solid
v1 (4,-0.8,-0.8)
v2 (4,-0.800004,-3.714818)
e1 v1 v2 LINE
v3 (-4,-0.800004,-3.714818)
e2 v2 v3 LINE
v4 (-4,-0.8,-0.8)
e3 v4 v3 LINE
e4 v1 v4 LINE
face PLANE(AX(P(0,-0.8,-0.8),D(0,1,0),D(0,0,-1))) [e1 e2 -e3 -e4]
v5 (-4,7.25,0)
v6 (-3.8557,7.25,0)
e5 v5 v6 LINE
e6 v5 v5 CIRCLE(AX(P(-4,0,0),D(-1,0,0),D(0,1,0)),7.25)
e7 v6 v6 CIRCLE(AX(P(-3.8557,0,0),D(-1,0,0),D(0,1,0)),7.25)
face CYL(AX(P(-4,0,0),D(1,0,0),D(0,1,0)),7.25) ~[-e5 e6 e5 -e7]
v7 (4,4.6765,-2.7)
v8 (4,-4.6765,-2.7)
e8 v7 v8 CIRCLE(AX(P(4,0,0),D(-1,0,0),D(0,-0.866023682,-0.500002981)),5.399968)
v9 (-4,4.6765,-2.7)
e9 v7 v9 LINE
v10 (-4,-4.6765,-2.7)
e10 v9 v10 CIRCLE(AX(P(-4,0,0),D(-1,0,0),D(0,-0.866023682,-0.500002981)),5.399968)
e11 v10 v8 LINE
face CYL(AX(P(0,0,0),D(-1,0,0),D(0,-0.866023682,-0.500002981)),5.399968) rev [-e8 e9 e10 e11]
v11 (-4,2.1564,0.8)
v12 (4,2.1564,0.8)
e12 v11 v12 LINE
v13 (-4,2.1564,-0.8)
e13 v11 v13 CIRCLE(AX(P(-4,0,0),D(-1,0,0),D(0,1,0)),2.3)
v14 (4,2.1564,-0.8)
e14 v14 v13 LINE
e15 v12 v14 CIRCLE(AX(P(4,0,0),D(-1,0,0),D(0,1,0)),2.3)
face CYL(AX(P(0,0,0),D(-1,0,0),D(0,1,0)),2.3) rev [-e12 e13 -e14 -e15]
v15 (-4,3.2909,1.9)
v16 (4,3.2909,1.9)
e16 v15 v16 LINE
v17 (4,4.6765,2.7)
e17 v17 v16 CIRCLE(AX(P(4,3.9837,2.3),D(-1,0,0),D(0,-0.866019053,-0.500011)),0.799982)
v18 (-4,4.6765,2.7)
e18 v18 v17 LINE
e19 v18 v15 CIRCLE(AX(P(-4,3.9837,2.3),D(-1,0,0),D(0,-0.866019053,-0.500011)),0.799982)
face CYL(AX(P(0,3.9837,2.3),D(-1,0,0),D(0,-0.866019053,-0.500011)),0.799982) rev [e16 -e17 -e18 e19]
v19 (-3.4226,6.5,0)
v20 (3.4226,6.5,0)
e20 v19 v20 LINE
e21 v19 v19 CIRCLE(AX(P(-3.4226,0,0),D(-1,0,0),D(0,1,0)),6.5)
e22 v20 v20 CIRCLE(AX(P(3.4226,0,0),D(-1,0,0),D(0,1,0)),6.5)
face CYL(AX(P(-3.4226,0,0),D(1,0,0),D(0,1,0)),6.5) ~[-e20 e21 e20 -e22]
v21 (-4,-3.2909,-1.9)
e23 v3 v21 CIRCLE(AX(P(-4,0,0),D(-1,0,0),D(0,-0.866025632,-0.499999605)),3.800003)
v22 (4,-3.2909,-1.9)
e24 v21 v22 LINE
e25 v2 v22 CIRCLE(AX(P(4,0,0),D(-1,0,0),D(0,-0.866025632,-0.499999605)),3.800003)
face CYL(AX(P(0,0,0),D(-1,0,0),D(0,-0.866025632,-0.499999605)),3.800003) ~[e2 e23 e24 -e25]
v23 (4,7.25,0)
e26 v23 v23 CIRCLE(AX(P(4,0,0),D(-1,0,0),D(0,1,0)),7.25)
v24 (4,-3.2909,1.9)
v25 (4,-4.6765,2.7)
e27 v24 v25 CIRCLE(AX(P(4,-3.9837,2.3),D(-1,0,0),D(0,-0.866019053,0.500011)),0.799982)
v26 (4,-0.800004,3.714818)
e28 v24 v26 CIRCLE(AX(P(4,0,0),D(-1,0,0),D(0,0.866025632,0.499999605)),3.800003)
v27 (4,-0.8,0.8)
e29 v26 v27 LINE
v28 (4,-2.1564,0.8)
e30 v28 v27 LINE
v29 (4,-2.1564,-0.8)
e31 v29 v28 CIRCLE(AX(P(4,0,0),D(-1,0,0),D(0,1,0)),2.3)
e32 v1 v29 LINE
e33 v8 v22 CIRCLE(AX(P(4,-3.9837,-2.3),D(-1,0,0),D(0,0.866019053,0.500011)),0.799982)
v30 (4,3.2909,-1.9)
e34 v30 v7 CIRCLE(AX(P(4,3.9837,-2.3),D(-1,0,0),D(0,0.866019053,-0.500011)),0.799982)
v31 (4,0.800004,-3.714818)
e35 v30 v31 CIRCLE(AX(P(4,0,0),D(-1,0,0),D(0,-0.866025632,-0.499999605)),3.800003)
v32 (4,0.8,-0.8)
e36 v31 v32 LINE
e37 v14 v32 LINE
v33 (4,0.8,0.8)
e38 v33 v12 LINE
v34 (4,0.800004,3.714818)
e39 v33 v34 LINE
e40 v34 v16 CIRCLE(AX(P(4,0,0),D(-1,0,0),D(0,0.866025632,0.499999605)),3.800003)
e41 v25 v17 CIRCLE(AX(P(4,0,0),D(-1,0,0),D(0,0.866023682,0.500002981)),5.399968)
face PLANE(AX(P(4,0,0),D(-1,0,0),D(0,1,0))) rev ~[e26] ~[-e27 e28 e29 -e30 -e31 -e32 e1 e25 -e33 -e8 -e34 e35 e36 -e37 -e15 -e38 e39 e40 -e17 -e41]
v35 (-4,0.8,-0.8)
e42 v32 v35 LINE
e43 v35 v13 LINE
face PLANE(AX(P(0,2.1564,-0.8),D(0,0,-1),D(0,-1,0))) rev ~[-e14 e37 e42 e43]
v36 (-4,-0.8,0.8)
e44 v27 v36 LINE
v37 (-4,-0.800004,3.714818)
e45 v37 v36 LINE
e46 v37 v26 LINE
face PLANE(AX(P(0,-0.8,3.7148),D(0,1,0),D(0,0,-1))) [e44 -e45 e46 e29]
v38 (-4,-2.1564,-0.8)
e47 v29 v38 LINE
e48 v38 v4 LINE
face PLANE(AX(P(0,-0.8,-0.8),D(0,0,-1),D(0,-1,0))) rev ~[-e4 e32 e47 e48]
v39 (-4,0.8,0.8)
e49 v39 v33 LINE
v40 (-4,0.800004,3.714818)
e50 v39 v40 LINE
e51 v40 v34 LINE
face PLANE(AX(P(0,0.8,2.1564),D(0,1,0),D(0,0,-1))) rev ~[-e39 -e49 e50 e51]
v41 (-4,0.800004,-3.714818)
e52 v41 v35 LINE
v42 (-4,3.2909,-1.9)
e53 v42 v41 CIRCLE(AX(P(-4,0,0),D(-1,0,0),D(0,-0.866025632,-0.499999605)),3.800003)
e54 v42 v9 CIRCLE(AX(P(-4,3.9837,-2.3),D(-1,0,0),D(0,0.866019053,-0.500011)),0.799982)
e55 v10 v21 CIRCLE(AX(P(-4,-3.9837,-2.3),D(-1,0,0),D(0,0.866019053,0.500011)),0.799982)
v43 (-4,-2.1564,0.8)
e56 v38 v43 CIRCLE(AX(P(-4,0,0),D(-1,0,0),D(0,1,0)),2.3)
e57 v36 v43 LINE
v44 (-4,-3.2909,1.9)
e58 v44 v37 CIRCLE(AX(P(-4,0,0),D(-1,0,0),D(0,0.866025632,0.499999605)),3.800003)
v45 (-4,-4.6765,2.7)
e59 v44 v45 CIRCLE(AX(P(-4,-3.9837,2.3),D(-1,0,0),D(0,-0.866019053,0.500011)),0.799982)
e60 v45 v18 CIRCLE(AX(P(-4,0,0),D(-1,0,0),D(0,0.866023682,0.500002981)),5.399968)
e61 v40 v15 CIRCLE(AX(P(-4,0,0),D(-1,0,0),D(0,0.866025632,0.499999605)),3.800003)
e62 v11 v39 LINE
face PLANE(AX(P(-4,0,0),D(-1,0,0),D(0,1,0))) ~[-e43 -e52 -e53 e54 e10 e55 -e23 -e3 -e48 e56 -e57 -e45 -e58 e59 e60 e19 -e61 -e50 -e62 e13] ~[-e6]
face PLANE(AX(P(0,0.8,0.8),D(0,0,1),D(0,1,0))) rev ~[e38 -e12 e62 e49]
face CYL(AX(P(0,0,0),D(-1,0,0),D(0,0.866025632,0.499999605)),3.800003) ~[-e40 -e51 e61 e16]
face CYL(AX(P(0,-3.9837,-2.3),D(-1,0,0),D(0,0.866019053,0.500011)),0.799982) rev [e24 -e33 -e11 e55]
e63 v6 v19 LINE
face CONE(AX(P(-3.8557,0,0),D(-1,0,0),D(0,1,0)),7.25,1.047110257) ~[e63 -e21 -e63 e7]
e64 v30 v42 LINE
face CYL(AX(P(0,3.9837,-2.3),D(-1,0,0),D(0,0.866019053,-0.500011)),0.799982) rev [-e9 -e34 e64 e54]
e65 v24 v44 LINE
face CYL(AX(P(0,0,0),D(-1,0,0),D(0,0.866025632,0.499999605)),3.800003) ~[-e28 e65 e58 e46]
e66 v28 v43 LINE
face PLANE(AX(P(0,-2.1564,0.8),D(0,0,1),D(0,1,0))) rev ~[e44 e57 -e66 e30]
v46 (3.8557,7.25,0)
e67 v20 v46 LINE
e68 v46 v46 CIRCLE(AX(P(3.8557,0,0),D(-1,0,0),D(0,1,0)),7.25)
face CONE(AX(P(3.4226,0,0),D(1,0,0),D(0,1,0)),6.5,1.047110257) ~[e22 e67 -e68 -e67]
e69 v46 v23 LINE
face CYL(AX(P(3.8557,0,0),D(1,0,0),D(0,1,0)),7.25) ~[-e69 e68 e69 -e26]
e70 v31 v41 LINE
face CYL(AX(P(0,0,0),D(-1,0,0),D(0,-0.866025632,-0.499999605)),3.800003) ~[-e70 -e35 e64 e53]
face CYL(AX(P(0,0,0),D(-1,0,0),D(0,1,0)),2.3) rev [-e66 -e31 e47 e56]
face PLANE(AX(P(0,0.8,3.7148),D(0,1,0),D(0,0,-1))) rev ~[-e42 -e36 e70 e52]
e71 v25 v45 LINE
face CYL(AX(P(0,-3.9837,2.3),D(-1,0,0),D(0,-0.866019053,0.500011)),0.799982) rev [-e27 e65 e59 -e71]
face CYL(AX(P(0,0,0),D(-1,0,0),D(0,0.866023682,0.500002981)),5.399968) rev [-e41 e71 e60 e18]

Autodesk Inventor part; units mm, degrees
ref_plane "YZ Plane" through (0, 0, 0) normal (1, 0, 0) x (0, 1, 0)
ref_plane "XZ Plane" through (0, 0, 0) normal (0, 1, 0) x (-1, 0, 0)
ref_plane "XY Plane" through (0, 0, 0) normal (0, 0, 1) x (1, 0, 0)
sketch "Sketch1" plane through (0, 0, 0) normal (0, 0, 1) x (1, 0, 0)
  line L0 (0, -1.5) -> (0, 9) construction
  line L1 (-4, 7.25) -> (-3.8557, 7.25)
  line L2 (-3.8557, 7.25) -> (-3.4226, 6.5)
  line L3 (-3.4226, 6.5) -> (3.4226, 6.5)
  line L4 (3.4226, 6.5) -> (3.8557, 7.25)
  line L5 (3.8557, 7.25) -> (4, 7.25)
  line L6 (4, 7.25) -> (4, 0)
  line L7 (4, 0) -> (-4, 0)
  line L8 (-4, 0) -> (-4, 7.25)
  point P0 (0, 0)
  point P1 (0, 6.5)
  point P2 (4, 7.5)
  dimension "d0" = 13
  dimension "d1" = 60
  dimension "d2" = 8
  dimension "d3" = 15
  dimension "d4" = 14.5
revolve "Revolution1" add sketch "Sketch1" angle 360 about axis through (4, 0, 0) along (-1, 0, 0)
sketch "Sketch2" plane through (0, 0, 0) normal (1, 0, 0) x (0, 1, 0)
  circle A0 centre (0, 0) radius 2.3
  line L0 (0.8, 2.1564) -> (0.8, 0.8)
  line L1 (0.8, -0.8) -> (0.8, -2.1564)
  line L2 (-2.1564, 0.8) -> (-0.8, 0.8)
  line L3 (0.8, 0.8) -> (2.1564, 0.8)
  line L4 (2.1564, -0.8) -> (0.8, -0.8)
  line L5 (-0.8, -0.8) -> (-2.1564, -0.8)
  line L6 (-0.8, 2.1564) -> (-0.8, 0.8)
  line L7 (-0.8, -0.8) -> (-0.8, -2.1564)
  dimension "d6" = 4.6
  dimension "d7" = 1.6
extrude "Extrusion1" cut sketch "Sketch2" along normal through all both and the other way through all contours A0 L4 L1 L7 L5 L2 L6 L0 L3
sketch "Sketch3" plane through (0, 0, 0) normal (1, 0, 0) x (0, 1, 0)
  circle A0 centre (0, 0) radius 2.3 construction
  arc A1 (3.2909, 1.9) -> (-3.2909, 1.9) centre (0, 0) ccw
  arc A2 (4.6765, 2.7) -> (-4.6765, 2.7) centre (0, 0) ccw
  arc A3 (-3.2909, -1.9) -> (3.2909, -1.9) centre (0, 0) ccw
  arc A4 (-4.6765, -2.7) -> (4.6765, -2.7) centre (0, 0) ccw
  arc A5 (3.2909, 1.9) -> (4.6765, 2.7) centre (3.9837, 2.3) ccw
  arc A6 (4.6765, -2.7) -> (3.2909, -1.9) centre (3.9837, -2.3) ccw
  arc A7 (-4.6765, 2.7) -> (-3.2909, 1.9) centre (-3.9837, 2.3) ccw
  arc A8 (-3.2909, -1.9) -> (-4.6765, -2.7) centre (-3.9837, -2.3) ccw
  line L0 (-3.9837, 2.3) -> (0, 0) construction
  line L1 (0, 0) -> (3.9837, 2.3) construction
  line L2 (3.9837, -2.3) -> (0, 0) construction
  line L3 (-3.9837, -2.3) -> (0, 0) construction
  line L4 (0, -6.16) -> (0, 6.16) construction
  line L5 (-5.8947, 0) -> (5.8947, 0) construction
  dimension "d10" = 1.6
  dimension "d11" = 120
  dimension "d12" = 120
  dimension "d15" = 3.8
extrude "Extrusion2" cut sketch "Sketch3" along normal through all both and the other way through all
sketch "Sketch4" plane through (0, 0, 0) normal (1, 0, 0) x (0, 1, 0)
  arc A0 (3.2909, 1.9) -> (-3.2909, 1.9) centre (0, 0) ccw projected
  arc A1 (-3.2909, -1.9) -> (3.2909, -1.9) centre (0, 0) ccw projected
  line L0 (0.8, -0.8) -> (0.8, -2.1564) construction
  line L1 (-0.8, -2.1564) -> (-0.8, -0.8) construction
  line L2 (0.8, 3.7148) -> (0.8, -3.7148)
  line L3 (-0.8, 3.7148) -> (-0.8, -3.7148)
extrude "Extrusion3" cut sketch "Sketch4" along normal through all both and the other way through all
properties part number "LEGO Brick 3482" material "Steel"
